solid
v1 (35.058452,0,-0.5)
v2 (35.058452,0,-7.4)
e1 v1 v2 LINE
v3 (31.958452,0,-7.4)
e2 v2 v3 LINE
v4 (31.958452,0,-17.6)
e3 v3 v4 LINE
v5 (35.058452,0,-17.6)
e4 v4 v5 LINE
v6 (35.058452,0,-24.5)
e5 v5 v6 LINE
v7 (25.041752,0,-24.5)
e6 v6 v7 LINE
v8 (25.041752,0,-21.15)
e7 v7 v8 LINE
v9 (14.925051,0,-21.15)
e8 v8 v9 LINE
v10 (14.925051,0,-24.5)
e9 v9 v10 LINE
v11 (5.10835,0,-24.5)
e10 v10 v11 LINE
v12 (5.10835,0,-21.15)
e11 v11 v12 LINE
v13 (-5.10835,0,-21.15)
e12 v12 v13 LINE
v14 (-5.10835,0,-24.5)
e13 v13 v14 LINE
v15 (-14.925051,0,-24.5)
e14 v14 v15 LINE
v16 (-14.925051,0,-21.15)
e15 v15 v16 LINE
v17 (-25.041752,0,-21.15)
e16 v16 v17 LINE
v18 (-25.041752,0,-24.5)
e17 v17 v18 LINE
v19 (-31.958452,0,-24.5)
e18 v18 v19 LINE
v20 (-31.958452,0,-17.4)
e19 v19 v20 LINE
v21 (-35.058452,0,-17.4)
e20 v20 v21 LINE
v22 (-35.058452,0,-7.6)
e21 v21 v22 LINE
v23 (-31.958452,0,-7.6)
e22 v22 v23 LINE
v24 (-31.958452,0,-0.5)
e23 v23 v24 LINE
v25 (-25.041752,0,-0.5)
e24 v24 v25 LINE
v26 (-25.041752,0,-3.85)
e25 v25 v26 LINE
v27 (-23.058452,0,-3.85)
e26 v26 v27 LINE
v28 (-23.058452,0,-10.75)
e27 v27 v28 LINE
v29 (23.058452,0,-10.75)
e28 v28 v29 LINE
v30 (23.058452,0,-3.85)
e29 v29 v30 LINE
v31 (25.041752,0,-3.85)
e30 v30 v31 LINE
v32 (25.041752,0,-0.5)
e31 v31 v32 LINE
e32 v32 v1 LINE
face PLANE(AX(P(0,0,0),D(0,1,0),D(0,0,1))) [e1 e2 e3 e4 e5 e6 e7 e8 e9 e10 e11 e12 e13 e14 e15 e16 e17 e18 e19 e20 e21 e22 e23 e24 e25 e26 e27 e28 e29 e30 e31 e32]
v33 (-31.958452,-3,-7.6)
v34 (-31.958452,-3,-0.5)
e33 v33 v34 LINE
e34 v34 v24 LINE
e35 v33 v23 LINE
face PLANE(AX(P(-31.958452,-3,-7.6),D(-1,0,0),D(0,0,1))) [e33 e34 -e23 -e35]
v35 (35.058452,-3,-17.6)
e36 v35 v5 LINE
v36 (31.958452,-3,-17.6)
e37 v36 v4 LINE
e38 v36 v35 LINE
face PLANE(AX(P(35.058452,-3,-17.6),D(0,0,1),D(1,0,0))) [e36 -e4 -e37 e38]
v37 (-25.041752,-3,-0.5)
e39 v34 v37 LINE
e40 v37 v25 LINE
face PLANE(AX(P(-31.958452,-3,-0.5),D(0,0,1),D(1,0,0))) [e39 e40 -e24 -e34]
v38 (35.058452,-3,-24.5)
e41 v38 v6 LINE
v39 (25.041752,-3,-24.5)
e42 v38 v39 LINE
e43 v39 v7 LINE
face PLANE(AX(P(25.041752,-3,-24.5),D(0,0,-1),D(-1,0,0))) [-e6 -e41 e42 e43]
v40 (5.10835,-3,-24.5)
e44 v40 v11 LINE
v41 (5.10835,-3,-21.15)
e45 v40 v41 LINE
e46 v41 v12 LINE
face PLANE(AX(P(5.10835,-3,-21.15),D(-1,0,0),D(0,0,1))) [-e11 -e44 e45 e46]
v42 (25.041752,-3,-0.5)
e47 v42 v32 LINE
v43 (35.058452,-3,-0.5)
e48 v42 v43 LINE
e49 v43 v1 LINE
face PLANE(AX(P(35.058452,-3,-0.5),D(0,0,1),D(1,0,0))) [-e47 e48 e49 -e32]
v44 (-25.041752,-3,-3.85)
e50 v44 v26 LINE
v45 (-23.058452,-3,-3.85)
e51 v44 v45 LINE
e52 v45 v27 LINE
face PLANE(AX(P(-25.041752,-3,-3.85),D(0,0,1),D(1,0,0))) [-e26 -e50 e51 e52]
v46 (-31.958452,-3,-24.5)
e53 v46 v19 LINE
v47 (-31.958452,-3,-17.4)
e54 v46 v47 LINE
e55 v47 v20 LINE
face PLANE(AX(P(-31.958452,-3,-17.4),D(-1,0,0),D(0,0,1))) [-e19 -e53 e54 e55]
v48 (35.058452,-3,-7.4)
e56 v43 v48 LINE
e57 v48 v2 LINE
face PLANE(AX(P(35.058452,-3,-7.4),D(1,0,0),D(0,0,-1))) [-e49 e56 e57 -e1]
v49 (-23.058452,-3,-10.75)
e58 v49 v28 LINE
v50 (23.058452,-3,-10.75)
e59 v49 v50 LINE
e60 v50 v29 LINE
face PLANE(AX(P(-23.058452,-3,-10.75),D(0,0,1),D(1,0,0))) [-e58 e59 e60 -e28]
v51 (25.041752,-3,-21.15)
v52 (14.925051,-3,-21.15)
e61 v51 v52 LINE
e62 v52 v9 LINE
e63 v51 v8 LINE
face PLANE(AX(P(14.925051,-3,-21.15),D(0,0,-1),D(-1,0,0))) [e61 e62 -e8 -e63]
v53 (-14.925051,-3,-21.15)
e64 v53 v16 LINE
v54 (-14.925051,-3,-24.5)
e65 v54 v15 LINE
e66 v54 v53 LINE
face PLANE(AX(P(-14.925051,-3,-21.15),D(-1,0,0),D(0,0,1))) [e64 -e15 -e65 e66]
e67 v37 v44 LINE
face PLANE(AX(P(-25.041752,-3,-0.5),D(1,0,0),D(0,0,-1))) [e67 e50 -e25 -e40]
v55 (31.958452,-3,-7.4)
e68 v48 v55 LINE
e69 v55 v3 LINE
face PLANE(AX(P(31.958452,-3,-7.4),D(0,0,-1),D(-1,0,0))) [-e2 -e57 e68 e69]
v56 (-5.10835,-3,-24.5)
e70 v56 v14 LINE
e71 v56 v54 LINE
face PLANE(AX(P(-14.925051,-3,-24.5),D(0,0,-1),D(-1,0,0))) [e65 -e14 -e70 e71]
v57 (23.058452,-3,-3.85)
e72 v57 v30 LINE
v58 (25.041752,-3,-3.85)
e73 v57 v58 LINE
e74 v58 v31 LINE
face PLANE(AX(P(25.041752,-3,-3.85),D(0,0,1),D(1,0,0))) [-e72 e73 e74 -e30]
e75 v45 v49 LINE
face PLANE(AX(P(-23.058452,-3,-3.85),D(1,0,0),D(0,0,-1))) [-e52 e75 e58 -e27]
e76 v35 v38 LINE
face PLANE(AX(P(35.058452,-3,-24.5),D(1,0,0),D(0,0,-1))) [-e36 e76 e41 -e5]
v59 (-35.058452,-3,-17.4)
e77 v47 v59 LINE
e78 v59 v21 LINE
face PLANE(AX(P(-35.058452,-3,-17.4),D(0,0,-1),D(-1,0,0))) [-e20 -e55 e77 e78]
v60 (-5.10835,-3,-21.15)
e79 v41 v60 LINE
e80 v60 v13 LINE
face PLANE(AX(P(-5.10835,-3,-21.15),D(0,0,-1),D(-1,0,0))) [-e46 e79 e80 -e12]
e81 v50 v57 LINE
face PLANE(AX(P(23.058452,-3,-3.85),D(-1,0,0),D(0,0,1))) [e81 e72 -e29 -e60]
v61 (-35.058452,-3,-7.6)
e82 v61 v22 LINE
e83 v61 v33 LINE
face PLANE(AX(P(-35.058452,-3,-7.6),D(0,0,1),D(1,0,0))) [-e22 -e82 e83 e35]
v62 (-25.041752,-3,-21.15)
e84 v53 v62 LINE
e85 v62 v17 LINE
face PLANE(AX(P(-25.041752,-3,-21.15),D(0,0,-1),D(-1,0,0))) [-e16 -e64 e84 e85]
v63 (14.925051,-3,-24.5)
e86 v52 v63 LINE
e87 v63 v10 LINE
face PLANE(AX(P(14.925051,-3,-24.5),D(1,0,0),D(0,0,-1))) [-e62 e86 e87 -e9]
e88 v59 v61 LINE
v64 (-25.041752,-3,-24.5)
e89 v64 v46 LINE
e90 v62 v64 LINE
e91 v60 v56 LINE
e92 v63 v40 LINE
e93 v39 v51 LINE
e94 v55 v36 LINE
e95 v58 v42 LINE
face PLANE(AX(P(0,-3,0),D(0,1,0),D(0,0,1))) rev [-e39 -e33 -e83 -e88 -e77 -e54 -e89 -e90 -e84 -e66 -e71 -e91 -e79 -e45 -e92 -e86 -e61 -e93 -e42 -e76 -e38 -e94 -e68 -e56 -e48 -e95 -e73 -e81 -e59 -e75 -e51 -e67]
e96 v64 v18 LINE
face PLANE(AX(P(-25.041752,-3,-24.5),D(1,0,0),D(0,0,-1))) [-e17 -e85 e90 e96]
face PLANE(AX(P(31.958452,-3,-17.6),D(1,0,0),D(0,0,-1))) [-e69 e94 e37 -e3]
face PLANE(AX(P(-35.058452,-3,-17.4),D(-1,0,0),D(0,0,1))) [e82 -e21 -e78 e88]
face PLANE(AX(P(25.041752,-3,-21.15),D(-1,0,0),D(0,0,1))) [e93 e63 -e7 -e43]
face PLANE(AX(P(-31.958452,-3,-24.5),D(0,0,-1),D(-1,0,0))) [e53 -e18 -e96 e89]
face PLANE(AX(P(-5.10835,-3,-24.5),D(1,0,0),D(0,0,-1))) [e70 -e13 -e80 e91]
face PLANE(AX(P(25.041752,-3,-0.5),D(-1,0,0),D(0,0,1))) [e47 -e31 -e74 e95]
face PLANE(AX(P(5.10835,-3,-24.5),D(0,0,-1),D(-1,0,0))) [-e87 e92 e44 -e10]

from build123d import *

# Parameters (mm, degrees)
BOSS_EXTRUDE1_DEPTH = 3


with BuildPart() as part:
    # Sketch3 → Boss-Extrude1 (new body)
    with BuildSketch(Plane(origin=(0, 0, 0), x_dir=(1, 0, 0), z_dir=(0, 1, 0))):
        Polygon((-35.058452488, 17.4), (-35.058452488, 7.6), (-31.958452488, 7.6), (-31.958452488, 0.5), (-25.041751777, 0.5), (-25.041751777, 3.85), (-23.058452488, 3.85), (-23.058452488, 10.75), (23.058452488, 10.75), (23.058452488, 3.85), (25.041751777, 3.85), (25.041751777, 0.5), (35.058452488, 0.5), (35.058452488, 7.4), (31.958452488, 7.4), (31.958452488, 17.6), (35.058452488, 17.6), (35.058452488, 24.5), (25.041751777, 24.5), (25.041751777, 21.15), (14.925051066, 21.15), (14.925051066, 24.5), (5.108350355, 24.5), (5.108350355, 21.15), (-5.108350355, 21.15), (-5.108350355, 24.5), (-14.925051066, 24.5), (-14.925051066, 21.15), (-25.041751777, 21.15), (-25.041751777, 24.5), (-31.958452488, 24.5), (-31.958452488, 17.4), align=None)
    extrude(amount=-BOSS_EXTRUDE1_DEPTH)


solid = part.part
